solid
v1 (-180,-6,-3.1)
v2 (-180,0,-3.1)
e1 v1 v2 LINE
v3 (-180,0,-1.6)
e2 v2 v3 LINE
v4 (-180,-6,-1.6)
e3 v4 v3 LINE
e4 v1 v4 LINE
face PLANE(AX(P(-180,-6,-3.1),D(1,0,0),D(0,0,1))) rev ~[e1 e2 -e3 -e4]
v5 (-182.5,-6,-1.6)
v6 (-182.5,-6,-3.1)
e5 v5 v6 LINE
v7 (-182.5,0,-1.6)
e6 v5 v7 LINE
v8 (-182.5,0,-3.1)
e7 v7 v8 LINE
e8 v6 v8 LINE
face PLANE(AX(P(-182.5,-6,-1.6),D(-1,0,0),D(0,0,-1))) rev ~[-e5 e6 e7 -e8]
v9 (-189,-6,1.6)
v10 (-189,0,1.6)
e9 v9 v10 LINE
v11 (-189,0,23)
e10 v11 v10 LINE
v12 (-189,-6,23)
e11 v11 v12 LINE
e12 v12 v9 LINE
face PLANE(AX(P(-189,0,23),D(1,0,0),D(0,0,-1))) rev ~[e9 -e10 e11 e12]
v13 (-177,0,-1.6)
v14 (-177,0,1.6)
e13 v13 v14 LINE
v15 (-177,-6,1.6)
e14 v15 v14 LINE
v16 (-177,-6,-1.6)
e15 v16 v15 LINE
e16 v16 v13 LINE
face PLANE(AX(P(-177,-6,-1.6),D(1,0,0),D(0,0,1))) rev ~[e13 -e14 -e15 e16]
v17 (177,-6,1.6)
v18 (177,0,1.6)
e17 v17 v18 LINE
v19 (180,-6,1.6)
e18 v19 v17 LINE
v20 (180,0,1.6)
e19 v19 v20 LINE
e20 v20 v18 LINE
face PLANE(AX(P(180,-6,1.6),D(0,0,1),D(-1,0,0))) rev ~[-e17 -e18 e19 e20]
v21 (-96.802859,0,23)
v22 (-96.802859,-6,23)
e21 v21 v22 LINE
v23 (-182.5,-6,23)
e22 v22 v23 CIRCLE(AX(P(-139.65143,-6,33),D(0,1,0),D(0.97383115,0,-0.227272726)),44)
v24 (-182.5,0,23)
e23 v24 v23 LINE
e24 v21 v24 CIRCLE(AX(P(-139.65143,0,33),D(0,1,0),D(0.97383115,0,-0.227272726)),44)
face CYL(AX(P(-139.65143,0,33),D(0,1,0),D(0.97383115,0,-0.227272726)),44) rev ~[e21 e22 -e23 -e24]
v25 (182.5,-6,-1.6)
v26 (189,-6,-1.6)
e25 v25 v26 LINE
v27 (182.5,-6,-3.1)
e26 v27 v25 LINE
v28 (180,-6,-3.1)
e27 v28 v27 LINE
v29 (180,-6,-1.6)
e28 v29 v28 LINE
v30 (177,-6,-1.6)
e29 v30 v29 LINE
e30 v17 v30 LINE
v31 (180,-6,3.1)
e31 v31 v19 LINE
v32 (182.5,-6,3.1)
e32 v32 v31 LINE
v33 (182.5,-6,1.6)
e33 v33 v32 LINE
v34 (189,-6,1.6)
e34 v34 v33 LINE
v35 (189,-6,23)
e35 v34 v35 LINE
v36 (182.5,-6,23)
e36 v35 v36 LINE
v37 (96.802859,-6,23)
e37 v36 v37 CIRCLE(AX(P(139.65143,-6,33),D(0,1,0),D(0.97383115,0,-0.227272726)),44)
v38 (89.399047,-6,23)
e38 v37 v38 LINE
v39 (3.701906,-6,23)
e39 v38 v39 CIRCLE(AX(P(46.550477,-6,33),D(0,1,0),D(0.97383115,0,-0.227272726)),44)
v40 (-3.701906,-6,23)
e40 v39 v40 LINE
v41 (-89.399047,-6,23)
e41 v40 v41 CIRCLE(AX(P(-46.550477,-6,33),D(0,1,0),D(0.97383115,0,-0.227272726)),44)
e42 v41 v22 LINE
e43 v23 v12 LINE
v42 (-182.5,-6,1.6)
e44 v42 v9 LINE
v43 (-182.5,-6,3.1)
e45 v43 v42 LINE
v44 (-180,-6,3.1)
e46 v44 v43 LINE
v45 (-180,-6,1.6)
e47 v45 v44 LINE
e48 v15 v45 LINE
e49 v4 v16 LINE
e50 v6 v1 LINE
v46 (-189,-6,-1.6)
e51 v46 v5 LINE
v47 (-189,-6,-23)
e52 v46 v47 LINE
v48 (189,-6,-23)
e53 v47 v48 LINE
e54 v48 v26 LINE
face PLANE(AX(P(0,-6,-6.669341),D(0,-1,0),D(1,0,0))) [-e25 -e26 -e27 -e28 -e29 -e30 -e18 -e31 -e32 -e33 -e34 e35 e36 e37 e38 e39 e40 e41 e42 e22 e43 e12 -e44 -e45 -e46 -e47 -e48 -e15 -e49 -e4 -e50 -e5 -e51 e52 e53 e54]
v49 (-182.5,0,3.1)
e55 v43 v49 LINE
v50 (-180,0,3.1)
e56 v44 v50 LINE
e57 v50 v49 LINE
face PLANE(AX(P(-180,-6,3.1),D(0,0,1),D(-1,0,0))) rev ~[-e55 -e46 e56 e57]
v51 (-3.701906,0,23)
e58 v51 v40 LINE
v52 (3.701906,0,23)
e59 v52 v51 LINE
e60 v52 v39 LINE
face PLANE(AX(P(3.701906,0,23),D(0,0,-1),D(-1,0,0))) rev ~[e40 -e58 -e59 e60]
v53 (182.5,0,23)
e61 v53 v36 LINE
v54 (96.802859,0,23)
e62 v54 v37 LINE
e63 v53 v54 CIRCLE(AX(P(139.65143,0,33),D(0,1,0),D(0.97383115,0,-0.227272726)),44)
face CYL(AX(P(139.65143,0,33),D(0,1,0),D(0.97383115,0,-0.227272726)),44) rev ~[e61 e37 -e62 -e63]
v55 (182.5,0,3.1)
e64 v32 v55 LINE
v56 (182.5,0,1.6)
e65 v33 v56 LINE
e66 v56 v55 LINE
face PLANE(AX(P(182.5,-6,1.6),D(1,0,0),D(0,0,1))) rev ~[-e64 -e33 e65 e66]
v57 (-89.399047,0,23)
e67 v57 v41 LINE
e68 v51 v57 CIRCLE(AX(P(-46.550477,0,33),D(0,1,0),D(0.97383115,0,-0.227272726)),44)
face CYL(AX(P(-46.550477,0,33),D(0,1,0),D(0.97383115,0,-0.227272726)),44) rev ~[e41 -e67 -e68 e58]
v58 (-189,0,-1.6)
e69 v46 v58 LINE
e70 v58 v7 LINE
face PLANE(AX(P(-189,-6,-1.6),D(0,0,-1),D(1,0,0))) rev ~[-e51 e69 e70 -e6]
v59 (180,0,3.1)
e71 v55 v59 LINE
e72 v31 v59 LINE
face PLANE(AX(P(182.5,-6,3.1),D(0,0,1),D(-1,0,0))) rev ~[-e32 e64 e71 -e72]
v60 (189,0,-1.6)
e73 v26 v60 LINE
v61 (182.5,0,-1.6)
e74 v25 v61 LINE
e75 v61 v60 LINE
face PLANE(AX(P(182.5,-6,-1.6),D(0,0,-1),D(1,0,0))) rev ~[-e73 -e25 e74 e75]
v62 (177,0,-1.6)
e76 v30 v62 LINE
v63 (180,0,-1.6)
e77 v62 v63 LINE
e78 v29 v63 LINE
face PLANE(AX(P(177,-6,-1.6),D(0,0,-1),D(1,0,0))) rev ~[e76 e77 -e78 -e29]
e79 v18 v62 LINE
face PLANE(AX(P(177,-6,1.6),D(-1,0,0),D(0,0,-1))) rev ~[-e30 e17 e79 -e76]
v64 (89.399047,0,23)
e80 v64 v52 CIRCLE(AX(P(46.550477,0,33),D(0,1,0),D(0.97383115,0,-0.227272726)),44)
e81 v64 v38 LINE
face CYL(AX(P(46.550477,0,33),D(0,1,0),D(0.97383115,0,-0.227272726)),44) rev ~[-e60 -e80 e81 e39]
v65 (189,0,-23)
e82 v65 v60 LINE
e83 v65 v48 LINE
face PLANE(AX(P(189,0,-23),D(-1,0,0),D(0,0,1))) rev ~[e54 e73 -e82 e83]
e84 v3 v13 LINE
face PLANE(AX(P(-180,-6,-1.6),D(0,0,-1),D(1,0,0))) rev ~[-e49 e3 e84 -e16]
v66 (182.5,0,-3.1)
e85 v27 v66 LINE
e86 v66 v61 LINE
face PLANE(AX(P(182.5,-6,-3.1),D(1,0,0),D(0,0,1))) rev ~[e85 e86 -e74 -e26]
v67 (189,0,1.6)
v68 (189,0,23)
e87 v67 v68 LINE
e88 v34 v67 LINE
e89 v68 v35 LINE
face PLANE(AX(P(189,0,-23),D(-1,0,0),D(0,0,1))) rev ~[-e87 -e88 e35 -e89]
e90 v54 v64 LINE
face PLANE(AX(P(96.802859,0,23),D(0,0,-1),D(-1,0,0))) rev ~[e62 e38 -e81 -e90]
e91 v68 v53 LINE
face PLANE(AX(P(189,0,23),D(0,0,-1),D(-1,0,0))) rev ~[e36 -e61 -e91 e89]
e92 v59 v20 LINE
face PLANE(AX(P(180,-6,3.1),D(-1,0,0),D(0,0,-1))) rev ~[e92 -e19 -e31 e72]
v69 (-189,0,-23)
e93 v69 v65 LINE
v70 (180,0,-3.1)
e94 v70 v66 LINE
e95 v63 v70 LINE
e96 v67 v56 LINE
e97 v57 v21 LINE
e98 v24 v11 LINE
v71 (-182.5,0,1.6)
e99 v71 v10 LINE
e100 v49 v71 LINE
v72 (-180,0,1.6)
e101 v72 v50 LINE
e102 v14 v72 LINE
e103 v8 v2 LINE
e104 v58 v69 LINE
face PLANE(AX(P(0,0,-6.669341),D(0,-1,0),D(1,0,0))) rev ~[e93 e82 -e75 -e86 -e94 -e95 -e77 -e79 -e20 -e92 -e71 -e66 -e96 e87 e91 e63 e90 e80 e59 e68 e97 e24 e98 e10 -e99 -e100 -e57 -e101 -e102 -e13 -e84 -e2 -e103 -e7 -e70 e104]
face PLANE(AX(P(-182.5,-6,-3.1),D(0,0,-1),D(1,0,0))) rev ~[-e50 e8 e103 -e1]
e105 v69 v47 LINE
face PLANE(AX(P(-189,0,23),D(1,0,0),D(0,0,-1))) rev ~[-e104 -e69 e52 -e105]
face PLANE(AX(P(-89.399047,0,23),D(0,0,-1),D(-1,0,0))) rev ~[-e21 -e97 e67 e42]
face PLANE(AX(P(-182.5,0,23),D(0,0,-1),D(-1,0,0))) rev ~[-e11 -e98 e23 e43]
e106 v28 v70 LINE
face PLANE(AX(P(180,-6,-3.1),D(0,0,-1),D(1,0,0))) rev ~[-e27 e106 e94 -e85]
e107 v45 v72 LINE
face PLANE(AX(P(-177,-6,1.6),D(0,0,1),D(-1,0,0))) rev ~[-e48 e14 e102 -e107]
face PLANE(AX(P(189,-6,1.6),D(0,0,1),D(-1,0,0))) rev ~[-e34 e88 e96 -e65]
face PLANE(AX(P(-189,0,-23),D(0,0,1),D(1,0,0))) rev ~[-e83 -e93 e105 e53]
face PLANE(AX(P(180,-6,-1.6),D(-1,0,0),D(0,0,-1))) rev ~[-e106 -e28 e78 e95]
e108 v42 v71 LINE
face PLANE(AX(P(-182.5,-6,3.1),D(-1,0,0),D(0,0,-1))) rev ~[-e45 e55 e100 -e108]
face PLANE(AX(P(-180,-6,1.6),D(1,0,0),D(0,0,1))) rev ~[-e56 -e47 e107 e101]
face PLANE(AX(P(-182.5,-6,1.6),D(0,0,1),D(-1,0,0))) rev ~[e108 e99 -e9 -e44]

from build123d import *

# Parameters (mm, degrees)
F1_DEPTH = 6
F3_DEPTH = 6.001


with BuildPart() as f1:
    # F0 (on Front) → F1 (new body)
    with BuildSketch(Plane.XZ):
        with BuildLine():
            Line((-182.5, 23), (-189, 23))
            Line((-189, 23), (-189, -23))
            Line((-189, -23), (189, -23))
            Line((189, -23), (189, 23))
            Line((189, 23), (182.5, 23))
            ThreePointArc((182.5, 23), (139.651429, -11), (96.802859, 23))
            Line((96.802859, 23), (89.399047, 23))
            ThreePointArc((89.399047, 23), (46.550476, -11), (3.701906, 23))
            Line((3.701906, 23), (-3.701906, 23))
            ThreePointArc((-3.701906, 23), (-46.550476, -11), (-89.399047, 23))
            Line((-89.399047, 23), (-96.802859, 23))
            ThreePointArc((-96.802859, 23), (-139.651429, -11), (-182.5, 23))
        make_face()
    extrude(amount=F1_DEPTH)

    # F2 (on face) → F3 (cut, through all)
    with BuildSketch(Plane.XZ.offset(6)):
        Polygon((189, -1.6), (189, 1.6), (182.5, 1.6), (182.5, 3.1), (180, 3.1), (180, 1.6), (177, 1.6), (177, -1.6), (180, -1.6), (180, -3.1), (182.5, -3.1), (182.5, -1.6), align=None)
        Polygon((-177, -1.6), (-177, 1.6), (-180, 1.6), (-180, 3.1), (-182.5, 3.1), (-182.5, 1.6), (-189, 1.6), (-189, -1.6), (-182.5, -1.6), (-182.5, -3.1), (-180, -3.1), (-180, -1.6), align=None)
    extrude(amount=-F3_DEPTH, mode=Mode.SUBTRACT)


solid = f1.part
